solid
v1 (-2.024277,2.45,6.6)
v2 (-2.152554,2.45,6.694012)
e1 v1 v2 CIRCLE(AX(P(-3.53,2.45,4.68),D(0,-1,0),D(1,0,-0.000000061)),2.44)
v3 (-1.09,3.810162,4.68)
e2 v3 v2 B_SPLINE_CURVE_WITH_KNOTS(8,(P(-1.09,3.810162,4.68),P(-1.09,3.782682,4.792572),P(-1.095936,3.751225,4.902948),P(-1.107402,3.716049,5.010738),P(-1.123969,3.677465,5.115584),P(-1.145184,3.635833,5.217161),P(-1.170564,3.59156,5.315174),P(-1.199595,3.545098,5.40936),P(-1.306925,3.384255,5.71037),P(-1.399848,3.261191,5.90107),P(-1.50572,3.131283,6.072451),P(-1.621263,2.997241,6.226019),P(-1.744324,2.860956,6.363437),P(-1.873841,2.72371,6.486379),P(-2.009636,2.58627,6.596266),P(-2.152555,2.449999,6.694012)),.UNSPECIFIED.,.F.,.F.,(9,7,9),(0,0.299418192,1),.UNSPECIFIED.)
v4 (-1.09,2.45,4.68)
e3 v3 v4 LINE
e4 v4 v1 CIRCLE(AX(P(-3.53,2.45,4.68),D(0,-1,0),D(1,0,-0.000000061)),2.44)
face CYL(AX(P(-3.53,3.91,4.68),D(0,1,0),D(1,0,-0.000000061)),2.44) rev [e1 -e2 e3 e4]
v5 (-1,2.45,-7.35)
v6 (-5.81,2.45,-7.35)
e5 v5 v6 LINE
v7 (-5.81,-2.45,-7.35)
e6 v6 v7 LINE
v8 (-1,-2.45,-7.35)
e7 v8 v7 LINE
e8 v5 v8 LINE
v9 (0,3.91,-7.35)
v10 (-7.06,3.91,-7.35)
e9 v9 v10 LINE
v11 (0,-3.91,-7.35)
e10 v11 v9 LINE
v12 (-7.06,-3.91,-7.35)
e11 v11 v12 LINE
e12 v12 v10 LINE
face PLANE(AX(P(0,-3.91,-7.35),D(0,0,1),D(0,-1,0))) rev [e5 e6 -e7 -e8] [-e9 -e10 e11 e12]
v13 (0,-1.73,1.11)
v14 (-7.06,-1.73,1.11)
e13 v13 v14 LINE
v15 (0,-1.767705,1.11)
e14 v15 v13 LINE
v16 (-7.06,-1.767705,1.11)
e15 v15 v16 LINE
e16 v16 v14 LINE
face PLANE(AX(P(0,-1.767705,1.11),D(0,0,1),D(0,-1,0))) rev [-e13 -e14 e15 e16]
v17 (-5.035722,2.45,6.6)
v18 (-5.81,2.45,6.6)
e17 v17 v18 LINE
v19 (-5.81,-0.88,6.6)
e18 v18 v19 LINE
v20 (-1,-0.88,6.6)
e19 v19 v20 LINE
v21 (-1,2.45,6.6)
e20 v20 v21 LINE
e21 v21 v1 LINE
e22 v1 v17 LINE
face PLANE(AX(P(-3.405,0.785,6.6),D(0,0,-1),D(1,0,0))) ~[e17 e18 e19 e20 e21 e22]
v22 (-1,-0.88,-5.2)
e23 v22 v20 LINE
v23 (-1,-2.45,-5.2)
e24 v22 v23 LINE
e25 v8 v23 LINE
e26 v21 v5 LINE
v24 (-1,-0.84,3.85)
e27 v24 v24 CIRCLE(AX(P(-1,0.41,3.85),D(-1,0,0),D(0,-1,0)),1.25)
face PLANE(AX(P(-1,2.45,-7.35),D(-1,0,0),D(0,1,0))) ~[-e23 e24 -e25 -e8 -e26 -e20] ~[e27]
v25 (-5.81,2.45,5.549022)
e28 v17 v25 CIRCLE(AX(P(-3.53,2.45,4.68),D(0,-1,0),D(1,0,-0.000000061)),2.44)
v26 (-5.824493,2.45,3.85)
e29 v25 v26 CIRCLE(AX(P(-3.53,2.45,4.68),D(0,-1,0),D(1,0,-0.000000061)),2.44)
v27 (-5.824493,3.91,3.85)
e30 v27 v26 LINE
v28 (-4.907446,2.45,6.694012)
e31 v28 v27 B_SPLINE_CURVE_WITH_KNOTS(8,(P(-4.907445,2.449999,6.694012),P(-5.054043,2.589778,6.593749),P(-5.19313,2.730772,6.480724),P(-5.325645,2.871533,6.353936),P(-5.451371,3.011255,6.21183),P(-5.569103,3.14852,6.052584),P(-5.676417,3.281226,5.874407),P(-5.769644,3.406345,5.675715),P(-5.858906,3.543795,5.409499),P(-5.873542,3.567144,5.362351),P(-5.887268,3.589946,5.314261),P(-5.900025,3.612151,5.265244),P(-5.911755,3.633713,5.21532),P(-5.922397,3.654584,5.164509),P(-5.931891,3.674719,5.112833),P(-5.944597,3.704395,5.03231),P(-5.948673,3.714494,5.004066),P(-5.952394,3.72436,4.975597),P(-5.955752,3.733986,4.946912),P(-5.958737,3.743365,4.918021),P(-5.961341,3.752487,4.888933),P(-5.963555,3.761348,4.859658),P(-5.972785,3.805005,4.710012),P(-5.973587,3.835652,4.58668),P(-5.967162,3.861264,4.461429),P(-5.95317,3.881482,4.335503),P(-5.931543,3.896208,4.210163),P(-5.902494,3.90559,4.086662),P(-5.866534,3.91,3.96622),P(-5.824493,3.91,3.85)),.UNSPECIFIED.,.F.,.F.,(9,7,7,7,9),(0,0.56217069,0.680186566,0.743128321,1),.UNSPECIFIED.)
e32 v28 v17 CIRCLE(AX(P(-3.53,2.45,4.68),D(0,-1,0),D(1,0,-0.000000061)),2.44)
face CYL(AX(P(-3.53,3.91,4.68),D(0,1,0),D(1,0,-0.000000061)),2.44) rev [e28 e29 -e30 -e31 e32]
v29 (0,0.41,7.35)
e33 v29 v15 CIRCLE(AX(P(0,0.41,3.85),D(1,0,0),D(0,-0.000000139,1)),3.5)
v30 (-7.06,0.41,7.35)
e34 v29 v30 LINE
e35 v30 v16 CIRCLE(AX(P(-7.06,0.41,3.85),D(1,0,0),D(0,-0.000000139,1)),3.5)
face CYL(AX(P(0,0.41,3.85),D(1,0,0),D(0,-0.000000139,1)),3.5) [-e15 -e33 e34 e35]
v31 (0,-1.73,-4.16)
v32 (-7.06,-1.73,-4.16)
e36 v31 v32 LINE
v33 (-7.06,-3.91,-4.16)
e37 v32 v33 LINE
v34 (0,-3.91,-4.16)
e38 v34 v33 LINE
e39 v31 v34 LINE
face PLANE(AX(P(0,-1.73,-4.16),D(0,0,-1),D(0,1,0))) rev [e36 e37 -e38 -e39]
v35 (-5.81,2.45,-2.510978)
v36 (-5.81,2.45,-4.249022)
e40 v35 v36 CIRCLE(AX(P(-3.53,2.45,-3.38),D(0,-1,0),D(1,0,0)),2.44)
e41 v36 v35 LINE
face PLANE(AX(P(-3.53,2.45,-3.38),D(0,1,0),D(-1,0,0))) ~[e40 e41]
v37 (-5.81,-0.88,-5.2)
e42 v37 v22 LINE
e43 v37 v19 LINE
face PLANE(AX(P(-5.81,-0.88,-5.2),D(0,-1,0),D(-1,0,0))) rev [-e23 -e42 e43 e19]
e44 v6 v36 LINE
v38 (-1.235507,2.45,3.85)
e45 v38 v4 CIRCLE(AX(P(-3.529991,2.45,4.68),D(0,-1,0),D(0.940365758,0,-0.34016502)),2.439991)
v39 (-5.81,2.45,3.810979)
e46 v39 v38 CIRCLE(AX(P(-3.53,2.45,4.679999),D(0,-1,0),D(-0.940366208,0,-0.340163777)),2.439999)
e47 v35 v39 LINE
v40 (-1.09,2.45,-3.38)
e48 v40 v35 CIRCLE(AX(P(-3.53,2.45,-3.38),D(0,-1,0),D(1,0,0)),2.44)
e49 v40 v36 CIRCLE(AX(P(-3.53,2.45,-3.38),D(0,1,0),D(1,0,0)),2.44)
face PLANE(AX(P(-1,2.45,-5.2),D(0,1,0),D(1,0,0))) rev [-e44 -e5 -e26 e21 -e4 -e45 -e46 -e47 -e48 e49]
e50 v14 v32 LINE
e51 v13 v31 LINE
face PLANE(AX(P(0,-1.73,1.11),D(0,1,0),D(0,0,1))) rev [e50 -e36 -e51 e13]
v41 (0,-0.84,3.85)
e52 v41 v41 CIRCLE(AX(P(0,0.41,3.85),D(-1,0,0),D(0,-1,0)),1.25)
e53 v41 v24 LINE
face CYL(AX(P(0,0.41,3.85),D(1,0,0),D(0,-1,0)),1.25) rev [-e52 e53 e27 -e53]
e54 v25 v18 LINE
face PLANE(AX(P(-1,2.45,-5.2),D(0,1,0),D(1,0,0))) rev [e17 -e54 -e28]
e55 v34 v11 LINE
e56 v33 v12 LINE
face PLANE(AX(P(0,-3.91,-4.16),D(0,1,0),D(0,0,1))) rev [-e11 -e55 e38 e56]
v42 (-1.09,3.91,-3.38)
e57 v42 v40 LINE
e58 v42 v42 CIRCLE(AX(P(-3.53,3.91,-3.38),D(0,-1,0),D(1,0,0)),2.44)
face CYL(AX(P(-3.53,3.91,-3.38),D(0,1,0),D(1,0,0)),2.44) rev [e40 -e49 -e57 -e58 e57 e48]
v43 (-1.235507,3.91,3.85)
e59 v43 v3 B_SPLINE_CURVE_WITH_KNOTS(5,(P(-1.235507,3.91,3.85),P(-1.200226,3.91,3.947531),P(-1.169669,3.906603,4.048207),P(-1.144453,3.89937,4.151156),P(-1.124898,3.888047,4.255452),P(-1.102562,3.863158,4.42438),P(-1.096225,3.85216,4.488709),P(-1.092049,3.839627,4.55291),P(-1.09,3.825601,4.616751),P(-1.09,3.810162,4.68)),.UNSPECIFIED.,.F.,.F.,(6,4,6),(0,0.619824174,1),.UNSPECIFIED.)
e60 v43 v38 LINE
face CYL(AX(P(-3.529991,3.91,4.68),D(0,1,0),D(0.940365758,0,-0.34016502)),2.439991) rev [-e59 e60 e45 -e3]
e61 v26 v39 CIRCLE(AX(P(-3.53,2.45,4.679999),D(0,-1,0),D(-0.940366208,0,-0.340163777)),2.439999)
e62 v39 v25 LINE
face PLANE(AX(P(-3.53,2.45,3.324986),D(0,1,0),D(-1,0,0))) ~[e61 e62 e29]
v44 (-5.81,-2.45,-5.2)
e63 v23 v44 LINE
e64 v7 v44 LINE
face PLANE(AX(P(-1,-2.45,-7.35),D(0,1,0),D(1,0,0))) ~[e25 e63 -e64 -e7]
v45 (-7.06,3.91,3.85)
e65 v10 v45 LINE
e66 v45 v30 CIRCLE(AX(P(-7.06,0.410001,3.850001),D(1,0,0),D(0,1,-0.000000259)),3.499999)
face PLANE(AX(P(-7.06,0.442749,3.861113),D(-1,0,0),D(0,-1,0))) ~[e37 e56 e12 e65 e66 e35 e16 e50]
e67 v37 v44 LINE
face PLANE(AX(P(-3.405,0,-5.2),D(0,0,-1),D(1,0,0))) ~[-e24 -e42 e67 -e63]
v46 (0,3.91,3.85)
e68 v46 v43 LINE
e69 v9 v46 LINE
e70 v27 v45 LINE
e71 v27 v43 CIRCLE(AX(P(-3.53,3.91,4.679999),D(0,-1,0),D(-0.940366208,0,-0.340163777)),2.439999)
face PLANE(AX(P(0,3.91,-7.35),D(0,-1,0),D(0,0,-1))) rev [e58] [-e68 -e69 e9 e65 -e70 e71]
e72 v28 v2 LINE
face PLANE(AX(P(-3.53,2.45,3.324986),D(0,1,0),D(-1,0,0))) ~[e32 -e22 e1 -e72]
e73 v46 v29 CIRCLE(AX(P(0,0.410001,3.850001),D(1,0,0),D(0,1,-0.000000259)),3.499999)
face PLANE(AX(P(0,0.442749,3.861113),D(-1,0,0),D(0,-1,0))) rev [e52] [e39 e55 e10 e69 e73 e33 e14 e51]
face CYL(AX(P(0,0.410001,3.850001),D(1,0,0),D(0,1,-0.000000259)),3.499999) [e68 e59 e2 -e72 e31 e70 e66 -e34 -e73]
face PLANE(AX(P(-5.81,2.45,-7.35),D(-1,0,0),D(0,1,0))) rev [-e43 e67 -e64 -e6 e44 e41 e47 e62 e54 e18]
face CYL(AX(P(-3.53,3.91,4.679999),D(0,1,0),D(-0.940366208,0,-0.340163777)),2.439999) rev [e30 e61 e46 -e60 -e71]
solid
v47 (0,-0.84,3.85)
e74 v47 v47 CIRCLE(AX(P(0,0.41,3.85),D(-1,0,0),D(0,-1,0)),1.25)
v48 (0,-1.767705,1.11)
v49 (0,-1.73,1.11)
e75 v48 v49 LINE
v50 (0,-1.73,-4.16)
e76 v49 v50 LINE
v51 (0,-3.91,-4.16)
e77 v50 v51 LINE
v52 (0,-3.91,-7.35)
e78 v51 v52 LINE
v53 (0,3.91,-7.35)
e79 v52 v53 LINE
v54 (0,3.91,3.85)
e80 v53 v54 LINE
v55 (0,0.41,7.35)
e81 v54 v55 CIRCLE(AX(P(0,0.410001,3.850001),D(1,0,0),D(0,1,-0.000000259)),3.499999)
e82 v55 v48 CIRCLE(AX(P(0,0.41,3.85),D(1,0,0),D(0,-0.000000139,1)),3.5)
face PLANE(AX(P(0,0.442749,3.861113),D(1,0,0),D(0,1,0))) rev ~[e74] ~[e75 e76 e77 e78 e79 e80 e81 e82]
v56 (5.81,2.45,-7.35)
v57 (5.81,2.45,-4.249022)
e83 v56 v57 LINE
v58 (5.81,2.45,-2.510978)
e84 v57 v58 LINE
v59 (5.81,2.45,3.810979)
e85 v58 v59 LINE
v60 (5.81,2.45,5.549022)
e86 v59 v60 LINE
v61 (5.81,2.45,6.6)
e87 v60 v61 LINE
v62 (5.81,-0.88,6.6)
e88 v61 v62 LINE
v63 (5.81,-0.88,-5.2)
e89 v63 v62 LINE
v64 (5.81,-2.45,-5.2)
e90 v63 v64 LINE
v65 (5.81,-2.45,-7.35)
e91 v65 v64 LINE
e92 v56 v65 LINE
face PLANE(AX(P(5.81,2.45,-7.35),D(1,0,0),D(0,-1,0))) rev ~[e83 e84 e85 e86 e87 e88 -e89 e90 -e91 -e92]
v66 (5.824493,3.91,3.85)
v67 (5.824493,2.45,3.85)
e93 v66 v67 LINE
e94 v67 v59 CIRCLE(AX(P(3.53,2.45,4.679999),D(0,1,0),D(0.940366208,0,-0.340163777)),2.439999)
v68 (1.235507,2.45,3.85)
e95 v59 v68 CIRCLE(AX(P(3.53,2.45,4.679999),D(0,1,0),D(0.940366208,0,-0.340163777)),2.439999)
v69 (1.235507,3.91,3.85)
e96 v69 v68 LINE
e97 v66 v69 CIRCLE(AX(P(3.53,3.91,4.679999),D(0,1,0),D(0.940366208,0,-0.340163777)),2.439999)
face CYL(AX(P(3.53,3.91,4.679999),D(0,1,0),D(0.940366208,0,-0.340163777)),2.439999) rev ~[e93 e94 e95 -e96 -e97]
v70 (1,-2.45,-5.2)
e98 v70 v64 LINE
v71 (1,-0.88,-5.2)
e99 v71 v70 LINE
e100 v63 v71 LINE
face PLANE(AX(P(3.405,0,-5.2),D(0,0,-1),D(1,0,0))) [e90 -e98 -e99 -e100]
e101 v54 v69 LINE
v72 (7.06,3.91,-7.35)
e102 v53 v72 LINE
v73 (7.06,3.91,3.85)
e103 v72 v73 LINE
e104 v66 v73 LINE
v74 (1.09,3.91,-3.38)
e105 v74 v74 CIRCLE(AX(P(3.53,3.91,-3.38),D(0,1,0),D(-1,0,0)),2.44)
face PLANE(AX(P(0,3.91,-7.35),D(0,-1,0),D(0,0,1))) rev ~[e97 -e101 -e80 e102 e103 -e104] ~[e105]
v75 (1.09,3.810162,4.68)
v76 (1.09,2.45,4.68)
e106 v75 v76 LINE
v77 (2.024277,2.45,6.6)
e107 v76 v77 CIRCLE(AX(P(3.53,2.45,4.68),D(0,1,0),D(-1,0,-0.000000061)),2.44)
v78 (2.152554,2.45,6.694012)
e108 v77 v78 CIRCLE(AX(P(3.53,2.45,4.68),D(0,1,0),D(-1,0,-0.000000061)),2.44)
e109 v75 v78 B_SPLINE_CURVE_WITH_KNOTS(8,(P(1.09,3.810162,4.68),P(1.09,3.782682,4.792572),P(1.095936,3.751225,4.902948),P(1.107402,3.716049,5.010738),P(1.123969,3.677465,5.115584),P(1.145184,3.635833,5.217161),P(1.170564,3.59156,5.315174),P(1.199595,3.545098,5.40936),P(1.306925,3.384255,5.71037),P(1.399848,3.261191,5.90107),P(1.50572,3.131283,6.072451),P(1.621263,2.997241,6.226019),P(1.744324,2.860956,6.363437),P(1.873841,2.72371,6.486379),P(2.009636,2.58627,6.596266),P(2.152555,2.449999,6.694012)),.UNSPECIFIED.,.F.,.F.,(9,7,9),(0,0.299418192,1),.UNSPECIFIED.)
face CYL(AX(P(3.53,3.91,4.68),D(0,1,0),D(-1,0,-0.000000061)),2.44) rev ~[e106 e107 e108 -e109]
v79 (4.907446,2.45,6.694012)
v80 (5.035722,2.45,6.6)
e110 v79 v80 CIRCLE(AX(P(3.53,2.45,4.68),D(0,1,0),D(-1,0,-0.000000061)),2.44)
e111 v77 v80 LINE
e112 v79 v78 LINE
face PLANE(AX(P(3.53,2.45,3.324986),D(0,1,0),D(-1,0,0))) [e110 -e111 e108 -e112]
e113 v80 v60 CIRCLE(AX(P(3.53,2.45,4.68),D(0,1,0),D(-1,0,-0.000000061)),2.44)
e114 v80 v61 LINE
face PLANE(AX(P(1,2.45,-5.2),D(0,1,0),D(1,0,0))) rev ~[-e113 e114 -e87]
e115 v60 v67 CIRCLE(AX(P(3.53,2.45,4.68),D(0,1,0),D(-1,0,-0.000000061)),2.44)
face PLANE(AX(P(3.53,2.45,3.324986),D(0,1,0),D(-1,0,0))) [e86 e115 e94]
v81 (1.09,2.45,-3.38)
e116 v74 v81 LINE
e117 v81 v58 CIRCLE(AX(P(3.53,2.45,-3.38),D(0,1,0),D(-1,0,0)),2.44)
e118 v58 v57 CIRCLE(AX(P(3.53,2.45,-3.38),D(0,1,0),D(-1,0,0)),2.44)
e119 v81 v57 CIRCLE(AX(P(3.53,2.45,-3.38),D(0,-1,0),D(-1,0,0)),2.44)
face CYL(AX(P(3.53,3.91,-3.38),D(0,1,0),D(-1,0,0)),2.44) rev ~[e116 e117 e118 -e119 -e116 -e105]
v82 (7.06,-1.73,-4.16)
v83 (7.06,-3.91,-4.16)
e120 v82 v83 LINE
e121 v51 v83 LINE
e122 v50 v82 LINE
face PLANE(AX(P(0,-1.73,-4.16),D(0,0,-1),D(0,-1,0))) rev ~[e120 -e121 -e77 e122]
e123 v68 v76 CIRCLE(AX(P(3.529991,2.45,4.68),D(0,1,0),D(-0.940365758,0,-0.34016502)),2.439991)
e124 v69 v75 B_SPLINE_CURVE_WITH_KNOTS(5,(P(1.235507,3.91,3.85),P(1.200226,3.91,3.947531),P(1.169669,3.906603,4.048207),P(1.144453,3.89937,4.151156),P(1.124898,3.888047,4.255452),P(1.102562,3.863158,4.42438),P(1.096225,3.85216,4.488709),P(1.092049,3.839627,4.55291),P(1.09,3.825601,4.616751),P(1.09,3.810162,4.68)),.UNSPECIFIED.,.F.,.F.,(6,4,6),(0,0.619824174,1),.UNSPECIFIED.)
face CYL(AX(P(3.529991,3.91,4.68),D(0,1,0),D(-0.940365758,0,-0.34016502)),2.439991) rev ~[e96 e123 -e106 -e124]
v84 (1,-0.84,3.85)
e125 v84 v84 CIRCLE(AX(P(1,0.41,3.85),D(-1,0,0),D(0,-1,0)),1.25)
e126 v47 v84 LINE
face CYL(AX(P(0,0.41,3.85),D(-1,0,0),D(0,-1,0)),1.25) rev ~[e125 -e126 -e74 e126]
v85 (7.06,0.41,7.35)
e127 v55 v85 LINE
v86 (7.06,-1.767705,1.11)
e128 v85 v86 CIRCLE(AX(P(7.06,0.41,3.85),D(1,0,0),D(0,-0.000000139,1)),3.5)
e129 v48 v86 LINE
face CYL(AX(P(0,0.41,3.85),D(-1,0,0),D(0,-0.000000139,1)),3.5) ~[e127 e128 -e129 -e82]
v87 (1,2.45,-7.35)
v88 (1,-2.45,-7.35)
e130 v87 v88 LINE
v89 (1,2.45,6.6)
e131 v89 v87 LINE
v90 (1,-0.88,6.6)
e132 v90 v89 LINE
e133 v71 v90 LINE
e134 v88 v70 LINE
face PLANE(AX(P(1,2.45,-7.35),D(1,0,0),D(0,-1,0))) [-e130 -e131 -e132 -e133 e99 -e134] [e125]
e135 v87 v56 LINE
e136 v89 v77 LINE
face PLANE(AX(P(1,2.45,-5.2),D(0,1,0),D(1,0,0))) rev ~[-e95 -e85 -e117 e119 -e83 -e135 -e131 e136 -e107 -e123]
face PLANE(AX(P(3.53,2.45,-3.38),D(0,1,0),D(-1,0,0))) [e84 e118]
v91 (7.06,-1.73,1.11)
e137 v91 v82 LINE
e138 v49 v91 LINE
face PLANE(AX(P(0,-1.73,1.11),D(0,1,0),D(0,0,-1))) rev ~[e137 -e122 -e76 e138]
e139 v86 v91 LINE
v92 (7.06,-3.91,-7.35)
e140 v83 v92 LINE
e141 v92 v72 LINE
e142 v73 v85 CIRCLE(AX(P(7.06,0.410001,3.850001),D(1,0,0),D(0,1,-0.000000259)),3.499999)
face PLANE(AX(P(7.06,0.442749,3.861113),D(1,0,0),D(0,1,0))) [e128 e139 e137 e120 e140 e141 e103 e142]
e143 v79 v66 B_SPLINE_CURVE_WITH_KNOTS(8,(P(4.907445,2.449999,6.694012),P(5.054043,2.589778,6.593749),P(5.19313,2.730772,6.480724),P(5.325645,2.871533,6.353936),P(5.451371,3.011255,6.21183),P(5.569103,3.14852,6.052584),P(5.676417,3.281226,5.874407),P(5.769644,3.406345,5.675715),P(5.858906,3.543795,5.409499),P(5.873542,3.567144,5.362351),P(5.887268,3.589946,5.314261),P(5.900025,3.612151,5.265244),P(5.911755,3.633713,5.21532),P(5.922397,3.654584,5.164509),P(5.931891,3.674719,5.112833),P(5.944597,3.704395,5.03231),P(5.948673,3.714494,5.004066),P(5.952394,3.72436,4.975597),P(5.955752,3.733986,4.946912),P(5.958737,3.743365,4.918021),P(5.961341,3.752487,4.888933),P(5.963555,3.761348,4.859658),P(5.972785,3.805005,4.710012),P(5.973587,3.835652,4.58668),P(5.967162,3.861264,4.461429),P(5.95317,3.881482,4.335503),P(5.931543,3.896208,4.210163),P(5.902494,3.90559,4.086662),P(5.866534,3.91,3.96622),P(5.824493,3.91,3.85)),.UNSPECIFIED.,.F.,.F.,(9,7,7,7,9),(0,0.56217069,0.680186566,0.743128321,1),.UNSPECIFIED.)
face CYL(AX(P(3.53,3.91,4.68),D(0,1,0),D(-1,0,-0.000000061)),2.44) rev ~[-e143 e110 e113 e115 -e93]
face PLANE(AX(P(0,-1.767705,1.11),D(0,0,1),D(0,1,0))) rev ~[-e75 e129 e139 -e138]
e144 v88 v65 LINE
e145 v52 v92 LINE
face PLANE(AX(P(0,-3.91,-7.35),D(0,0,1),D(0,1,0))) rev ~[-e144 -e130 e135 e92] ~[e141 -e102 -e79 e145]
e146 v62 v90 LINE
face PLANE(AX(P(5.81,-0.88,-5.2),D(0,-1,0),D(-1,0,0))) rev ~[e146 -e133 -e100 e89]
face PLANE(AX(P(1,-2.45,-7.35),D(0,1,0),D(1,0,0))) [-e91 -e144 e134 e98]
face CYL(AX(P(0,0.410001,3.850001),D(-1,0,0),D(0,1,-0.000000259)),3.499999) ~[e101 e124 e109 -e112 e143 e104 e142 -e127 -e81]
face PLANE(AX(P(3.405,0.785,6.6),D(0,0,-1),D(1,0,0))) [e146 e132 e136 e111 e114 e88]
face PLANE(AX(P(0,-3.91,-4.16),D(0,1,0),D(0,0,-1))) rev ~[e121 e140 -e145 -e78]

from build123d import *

# Parameters (mm, degrees)
F1_DEPTH = 7.06
F2_W     = 4.81
F2_H     = 4.9
F3_DEPTH = 2.15
F4_R     = 2.44
F5_DEPTH = 1.46
F7_DEPTH = 11.8
F8_R     = 1.25
F9_DEPTH = 1.25


with BuildPart() as f1:
    # F0 (on Right) → F1 (new body)
    with BuildSketch(Plane.YZ):
        with BuildLine():
            ThreePointArc((3.91, 3.85), (2.884874, 6.324874), (0.41, 7.35))
            ThreePointArc((0.41, 7.35), (-2.894542, 5.003256), (-1.767705, 1.11))
            Line((-1.767705, 1.11), (-1.73, 1.11))
            Line((-1.73, 1.11), (-1.73, 1.080451))
            ThreePointArc((-1.73, 1.080451), (1.952725, 0.708344), (3.91, 3.85))
        make_face()
        with BuildLine():
            Line((3.91, -7.35), (3.91, 3.85))
            ThreePointArc((3.91, 3.85), (1.952725, 0.708344), (-1.73, 1.080451))
            Line((-1.73, 1.080451), (-1.73, -4.16))
            Line((-1.73, -4.16), (-3.91, -4.16))
            Line((-3.91, -4.16), (-3.91, -7.35))
            Line((-3.91, -7.35), (3.91, -7.35))
        make_face()
    extrude(amount=F1_DEPTH)

    # F2 (on face) → F3 (cut)
    with BuildSketch(Plane(origin=(0, 0, -7.35), x_dir=(1, 0, 0), z_dir=(0, 0, -1))):
        with Locations((3.405, 0)):
            Rectangle(F2_W, F2_H)
    extrude(amount=-F3_DEPTH, mode=Mode.SUBTRACT)

    # F4 (on face) → F5 (cut)
    with BuildSketch(Plane(origin=(0, 3.91, 0), x_dir=(-1, 0, 0), z_dir=(0, 1, 0))):
        with Locations((-3.53, -3.38)):
            Circle(F4_R)
        with BuildLine():
            Line((-1.235507, 3.85), (-5.824493, 3.85))
            ThreePointArc((-5.824493, 3.85), (-3.53, 2.24), (-1.235507, 3.85))
        make_face()
        with BuildLine():
            ThreePointArc((-1.235507, 3.85), (-1.126652, 4.258671), (-1.09, 4.68))
            ThreePointArc((-1.09, 4.68), (-3.951329, 7.083348), (-5.824493, 3.85))
            Line((-5.824493, 3.85), (-1.235507, 3.85))
        make_face()
    extrude(amount=-F5_DEPTH, mode=Mode.SUBTRACT)

    # F6 (on face) → F7 (cut)
    with BuildSketch(Plane(origin=(0, 0, -5.2), x_dir=(1, 0, 0), z_dir=(0, 0, -1))):
        Polygon((1, 0.88), (1, -2.45), (1.904823, -2.45), (5.155177, -2.45), (5.81, -2.45), (5.81, 0.88), align=None)
    extrude(amount=-F7_DEPTH, mode=Mode.SUBTRACT)

    # F8 (on face) → F9 (cut)
    with BuildSketch(Plane(origin=(0, 0, 0), x_dir=(0, -1, 0), z_dir=(-1, 0, 0))):
        with Locations((-0.41, 3.85)):
            Circle(F8_R)
    extrude(amount=-F9_DEPTH, mode=Mode.SUBTRACT)


with BuildPart() as f10_1:
    # F10: instance of F1
    add(f1.part.mirror(Plane.YZ))


solid = Compound([f1.part, f10_1.part])
